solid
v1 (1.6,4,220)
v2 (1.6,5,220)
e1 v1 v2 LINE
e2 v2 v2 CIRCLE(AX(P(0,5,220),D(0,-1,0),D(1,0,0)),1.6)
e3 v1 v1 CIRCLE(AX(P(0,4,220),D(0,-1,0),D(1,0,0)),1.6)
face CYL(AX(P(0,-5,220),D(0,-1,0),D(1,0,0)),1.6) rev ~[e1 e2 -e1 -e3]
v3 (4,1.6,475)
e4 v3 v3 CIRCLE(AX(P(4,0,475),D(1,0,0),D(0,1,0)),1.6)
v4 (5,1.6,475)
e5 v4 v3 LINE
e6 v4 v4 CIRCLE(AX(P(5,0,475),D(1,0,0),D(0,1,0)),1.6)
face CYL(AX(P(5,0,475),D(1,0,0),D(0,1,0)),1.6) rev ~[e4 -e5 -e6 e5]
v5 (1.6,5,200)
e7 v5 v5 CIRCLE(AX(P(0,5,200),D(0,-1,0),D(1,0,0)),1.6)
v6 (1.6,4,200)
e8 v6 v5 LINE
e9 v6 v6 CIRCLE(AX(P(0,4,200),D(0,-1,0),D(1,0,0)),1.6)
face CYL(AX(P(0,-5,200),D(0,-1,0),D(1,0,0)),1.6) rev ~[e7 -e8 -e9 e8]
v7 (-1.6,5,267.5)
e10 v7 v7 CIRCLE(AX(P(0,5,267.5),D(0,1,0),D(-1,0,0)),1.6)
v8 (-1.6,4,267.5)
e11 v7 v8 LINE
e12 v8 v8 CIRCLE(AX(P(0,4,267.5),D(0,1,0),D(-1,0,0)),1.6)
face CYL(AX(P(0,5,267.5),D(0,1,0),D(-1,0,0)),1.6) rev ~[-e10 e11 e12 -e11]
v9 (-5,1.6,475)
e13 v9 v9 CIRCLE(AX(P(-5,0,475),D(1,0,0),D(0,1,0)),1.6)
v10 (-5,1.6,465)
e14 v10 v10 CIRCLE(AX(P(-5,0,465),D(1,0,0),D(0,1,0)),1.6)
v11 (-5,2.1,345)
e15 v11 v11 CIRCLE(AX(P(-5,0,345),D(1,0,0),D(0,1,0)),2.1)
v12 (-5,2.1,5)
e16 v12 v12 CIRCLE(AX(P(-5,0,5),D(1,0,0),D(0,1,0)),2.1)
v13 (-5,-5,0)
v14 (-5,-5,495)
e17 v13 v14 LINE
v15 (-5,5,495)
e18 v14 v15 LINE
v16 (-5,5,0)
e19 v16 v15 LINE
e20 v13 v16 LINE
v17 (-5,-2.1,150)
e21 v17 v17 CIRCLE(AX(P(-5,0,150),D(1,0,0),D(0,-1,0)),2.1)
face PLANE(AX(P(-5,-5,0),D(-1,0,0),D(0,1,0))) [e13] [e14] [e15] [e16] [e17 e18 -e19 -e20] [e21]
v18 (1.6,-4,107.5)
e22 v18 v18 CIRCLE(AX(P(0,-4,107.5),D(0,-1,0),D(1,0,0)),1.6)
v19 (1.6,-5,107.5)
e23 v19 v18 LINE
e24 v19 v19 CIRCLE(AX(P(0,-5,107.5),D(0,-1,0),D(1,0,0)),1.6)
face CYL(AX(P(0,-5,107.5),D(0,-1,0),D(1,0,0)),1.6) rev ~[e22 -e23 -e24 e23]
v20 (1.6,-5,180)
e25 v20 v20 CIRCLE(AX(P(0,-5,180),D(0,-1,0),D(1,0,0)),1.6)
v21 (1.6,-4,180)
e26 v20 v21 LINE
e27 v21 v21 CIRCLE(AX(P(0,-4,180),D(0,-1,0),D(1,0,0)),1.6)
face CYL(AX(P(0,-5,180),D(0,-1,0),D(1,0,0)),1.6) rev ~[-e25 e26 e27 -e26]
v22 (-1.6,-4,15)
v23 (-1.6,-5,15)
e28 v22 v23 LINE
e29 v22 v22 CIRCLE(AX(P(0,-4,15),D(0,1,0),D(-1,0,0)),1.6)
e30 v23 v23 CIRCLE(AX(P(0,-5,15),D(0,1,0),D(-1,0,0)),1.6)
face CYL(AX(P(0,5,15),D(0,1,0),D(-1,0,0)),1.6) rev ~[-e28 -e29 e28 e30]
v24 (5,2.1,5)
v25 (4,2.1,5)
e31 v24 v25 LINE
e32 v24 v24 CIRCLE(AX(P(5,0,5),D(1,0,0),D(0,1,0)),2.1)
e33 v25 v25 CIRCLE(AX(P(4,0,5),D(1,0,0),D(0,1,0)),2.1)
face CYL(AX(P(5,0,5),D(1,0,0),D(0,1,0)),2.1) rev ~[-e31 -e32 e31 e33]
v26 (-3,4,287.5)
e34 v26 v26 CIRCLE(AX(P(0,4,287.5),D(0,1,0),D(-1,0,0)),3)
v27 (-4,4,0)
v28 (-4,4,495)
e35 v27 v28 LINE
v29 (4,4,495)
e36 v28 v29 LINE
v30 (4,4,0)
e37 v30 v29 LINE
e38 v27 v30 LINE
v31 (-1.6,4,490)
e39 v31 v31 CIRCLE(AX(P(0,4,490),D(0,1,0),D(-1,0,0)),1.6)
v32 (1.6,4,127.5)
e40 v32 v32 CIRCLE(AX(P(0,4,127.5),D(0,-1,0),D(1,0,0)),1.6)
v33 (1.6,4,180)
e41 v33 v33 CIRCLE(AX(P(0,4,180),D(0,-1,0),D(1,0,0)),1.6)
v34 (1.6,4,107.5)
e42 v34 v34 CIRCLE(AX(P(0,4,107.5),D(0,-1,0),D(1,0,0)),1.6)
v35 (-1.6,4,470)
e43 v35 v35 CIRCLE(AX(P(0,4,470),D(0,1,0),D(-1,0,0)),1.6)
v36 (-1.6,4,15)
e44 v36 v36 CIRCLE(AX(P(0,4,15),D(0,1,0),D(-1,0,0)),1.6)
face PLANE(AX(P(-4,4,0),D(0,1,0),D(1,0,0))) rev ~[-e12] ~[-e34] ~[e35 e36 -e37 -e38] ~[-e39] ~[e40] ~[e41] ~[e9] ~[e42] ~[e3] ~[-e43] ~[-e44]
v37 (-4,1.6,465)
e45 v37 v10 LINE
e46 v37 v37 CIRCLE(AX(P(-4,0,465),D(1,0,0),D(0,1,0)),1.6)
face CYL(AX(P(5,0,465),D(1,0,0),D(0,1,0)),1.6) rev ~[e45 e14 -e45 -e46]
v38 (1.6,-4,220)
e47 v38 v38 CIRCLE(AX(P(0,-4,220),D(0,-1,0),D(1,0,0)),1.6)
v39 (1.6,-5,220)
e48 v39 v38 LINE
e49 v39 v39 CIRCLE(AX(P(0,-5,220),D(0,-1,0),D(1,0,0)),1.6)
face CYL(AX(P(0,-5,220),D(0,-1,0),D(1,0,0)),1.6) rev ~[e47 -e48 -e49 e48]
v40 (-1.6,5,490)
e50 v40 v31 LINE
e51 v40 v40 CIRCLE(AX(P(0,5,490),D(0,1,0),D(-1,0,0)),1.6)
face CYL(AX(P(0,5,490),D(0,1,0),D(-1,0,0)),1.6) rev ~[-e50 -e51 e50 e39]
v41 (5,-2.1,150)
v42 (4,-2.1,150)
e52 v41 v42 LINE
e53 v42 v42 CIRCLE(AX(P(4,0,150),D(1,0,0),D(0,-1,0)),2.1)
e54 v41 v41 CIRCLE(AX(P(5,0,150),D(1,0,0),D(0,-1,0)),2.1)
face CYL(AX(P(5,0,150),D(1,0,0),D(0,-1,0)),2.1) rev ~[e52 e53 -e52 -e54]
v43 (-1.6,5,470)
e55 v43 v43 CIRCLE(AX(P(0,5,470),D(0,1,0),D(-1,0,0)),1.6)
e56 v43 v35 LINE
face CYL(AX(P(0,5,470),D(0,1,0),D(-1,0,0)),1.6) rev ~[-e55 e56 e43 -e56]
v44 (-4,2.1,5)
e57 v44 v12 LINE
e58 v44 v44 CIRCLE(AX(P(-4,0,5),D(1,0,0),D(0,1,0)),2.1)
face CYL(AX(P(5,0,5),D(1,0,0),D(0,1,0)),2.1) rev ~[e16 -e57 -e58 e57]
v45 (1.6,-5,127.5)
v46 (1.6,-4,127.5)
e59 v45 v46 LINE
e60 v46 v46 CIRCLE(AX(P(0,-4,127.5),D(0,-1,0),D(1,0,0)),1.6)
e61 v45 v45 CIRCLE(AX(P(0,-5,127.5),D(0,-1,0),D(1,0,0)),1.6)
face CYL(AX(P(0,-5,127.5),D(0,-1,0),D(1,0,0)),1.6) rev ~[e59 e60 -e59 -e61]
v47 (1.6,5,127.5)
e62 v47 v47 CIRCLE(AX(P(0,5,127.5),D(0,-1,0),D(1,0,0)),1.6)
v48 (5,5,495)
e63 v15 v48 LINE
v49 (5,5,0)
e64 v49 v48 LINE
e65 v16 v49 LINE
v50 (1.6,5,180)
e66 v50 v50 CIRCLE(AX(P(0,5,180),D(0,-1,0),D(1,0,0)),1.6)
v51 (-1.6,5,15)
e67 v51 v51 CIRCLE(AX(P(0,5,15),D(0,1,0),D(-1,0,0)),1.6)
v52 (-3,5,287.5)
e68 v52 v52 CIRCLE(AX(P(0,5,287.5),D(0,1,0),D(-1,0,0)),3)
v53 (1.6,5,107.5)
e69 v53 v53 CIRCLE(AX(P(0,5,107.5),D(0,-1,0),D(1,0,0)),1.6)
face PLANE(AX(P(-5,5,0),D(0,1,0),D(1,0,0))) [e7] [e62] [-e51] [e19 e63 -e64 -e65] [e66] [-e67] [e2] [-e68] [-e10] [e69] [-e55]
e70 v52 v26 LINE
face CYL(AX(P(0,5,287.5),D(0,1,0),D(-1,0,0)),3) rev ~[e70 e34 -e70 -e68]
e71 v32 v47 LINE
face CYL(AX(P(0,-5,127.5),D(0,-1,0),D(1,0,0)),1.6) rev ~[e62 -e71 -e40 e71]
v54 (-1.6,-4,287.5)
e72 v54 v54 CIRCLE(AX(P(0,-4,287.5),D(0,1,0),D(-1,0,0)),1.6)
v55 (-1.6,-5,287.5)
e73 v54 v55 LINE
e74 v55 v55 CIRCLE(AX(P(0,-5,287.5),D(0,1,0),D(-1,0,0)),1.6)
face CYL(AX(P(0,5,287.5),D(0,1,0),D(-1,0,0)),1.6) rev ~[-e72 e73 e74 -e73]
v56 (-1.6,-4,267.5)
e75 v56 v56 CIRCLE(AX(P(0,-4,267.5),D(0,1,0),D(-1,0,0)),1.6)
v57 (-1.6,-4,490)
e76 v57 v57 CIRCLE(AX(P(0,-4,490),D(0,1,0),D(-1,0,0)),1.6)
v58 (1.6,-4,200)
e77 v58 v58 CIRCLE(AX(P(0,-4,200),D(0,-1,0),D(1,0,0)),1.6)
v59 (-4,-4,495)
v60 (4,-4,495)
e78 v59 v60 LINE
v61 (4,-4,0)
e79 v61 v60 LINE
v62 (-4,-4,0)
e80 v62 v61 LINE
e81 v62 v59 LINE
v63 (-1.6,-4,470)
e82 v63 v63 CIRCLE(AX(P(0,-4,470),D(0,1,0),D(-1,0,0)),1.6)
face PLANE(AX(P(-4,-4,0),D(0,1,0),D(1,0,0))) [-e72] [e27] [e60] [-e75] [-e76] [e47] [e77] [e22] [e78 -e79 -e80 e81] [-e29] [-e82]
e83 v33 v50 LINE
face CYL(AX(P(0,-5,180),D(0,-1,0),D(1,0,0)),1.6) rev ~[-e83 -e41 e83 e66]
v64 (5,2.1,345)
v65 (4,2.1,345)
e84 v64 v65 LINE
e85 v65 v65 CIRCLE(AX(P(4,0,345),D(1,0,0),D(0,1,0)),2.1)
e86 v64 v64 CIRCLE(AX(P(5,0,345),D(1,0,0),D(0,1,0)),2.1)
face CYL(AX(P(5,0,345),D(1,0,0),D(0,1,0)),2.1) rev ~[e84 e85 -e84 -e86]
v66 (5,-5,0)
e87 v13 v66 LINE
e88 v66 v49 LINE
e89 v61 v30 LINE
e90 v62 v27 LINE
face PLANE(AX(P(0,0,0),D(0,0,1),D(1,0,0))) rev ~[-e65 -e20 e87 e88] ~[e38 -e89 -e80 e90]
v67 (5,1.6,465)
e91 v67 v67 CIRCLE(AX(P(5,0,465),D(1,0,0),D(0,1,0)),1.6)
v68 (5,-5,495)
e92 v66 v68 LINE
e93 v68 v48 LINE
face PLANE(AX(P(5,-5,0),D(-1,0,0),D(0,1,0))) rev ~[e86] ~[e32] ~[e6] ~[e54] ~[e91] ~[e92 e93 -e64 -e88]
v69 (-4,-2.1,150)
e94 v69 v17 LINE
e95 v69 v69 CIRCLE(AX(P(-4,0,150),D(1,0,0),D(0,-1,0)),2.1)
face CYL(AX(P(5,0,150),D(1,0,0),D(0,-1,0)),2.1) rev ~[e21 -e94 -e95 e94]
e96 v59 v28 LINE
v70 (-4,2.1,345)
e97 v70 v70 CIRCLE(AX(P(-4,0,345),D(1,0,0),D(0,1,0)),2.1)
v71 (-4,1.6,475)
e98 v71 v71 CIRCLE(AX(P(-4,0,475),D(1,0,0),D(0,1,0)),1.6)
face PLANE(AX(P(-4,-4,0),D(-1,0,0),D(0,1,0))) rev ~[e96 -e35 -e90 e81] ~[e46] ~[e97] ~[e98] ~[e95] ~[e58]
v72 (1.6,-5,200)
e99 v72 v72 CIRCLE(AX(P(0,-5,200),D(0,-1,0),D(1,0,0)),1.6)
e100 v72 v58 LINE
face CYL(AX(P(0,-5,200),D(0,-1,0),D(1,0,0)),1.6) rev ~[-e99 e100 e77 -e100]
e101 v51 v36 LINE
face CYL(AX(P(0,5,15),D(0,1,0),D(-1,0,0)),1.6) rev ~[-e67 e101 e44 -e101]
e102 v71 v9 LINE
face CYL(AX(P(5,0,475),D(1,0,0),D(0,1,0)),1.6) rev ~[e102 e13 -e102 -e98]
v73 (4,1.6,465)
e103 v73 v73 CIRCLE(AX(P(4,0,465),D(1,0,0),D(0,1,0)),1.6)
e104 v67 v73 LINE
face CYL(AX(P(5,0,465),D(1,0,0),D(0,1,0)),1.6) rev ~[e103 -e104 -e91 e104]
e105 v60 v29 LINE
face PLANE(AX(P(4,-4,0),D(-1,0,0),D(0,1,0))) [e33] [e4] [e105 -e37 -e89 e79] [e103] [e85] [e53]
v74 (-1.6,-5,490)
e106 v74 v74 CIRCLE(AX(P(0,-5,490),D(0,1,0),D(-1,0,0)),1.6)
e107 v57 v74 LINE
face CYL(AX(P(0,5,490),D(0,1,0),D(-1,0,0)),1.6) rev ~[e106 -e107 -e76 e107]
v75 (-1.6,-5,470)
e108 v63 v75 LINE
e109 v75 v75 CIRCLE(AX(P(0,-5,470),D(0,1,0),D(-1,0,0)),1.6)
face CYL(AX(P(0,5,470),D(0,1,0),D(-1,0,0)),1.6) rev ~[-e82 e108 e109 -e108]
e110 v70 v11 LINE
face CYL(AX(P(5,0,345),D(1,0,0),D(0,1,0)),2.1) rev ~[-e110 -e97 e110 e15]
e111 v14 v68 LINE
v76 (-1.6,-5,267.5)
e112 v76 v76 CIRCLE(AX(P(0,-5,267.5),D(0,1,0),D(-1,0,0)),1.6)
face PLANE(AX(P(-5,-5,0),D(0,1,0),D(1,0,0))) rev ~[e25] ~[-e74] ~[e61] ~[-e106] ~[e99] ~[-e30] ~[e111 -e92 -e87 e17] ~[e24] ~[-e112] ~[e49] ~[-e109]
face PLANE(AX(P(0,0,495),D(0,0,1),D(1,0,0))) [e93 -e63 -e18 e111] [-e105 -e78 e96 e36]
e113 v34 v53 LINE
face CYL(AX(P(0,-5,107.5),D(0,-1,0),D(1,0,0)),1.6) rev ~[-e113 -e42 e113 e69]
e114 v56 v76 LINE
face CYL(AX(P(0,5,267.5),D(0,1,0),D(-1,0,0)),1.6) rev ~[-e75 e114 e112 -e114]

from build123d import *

# Parameters (mm, degrees)
SKETCH_1_W          = 10
SKETCH_1_H          = 10
SKETCH_1_W_2        = 8
SKETCH_1_H_2        = 8
EXTRUDE_1_DEPTH     = 495
SKETCH_3_R          = 2.1
CUT_EXTRUDE_2_DEPTH = 496.126246527
SKETCH_2_R          = 1.6
CUT_EXTRUDE_1_DEPTH = 496.126246527
SKETCH_7_R          = 1.6
CUT_EXTRUDE_4_DEPTH = 496.126246527
SKETCH_9_R          = 2.1
CUT_EXTRUDE_6_DEPTH = 496.126246527
CUT_EXTRUDE_7_REACH = 497.126
SKETCH_10_R         = 3
SKETCH_11_R         = 1.6
CUT_EXTRUDE_8_DEPTH = 496.126246527
SKETCH_12_R         = 1.6
CUT_EXTRUDE_9_DEPTH = 496.126246527


with BuildPart() as part:
    # ｽｹｯﾁ1 → 押し出し-薄板1 (new body)
    with BuildSketch(Plane.XY):
        Rectangle(SKETCH_1_W, SKETCH_1_H)
        Rectangle(SKETCH_1_W_2, SKETCH_1_H_2, mode=Mode.SUBTRACT)
    extrude(amount=EXTRUDE_1_DEPTH)

    # ｽｹｯﾁ3 → ｶｯﾄ - 押し出し2 (cut, through all)
    with BuildSketch(Plane(origin=(5, 0, 0), x_dir=(0, 0, -1), z_dir=(1, 0, 0))):
        with Locations(Location((-5, 0, 0), (0, 0, 90))):
            Circle(SKETCH_3_R)
    extrude(amount=-CUT_EXTRUDE_2_DEPTH, mode=Mode.SUBTRACT)

    # ｽｹｯﾁ2 → ｶｯﾄ - 押し出し1 (cut, through all)
    with BuildSketch(Plane(origin=(0, 5, 0), x_dir=(1, 0, 0), z_dir=(0, 1, 0))):
        with Locations(Location((0, -15, 0), (0, 0, 180))):
            Circle(SKETCH_2_R)
        with Locations(Location((0, -470, 0), (0, 0, 180))):
            Circle(SKETCH_2_R)
        with Locations(Location((0, -490, 0), (0, 0, 180))):
            Circle(SKETCH_2_R)
        with Locations(Location((0, -267.5, 0), (0, 0, 180))):
            Circle(SKETCH_2_R)
        with Locations(Location((0, -287.5, 0), (0, 0, 180))):
            Circle(SKETCH_2_R)
    extrude(amount=-CUT_EXTRUDE_1_DEPTH, mode=Mode.SUBTRACT)

    # ｽｹｯﾁ7 → ｶｯﾄ - 押し出し4 (cut, through all)
    with BuildSketch(Plane(origin=(5, 0, 0), x_dir=(0, 0, -1), z_dir=(1, 0, 0))):
        with Locations(Location((-475, 0, 0), (0, 0, 90))):
            Circle(SKETCH_7_R)
        with Locations(Location((-465, 0, 0), (0, 0, 90))):
            Circle(SKETCH_7_R)
    extrude(amount=-CUT_EXTRUDE_4_DEPTH, mode=Mode.SUBTRACT)

    # ｽｹｯﾁ9 → ｶｯﾄ - 押し出し6 (cut, through all)
    with BuildSketch(Plane(origin=(5, 0, 0), x_dir=(0, 0, -1), z_dir=(1, 0, 0))):
        with Locations(Location((-345, 0, 0), (0, 0, 90))):
            Circle(SKETCH_9_R)
        with Locations(Location((-150, 0, 0), (0, 0, 270))):
            Circle(SKETCH_9_R)
    extrude(amount=-CUT_EXTRUDE_6_DEPTH, mode=Mode.SUBTRACT)

    # ｽｹｯﾁ10 → ｶｯﾄ - 押し出し7 (cut, up to next)
    with BuildSketch(Plane(origin=(0, 5, 0), x_dir=(1, 0, 0), z_dir=(0, 1, 0)), mode=Mode.PRIVATE) as cut_extrude_7_sk1:
        with Locations(Location((0, -287.5, 0), (0, 0, 180))):
            Circle(SKETCH_10_R)
    cut_extrude_7_tool1 = extrude(cut_extrude_7_sk1.sketch, amount=-CUT_EXTRUDE_7_REACH, mode=Mode.PRIVATE) & part.part
    add(cut_extrude_7_tool1.solids().sort_by_distance((0, 5, 287.5))[0], mode=Mode.SUBTRACT)

    # ｽｹｯﾁ11 → ｶｯﾄ - 押し出し8 (cut, through all)
    with BuildSketch(Plane.XZ.offset(5)):
        with Locations((0, 180)):
            Circle(SKETCH_11_R)
        with Locations((0, 200)):
            Circle(SKETCH_11_R)
        with Locations((0, 220)):
            Circle(SKETCH_11_R)
    extrude(amount=-CUT_EXTRUDE_8_DEPTH, mode=Mode.SUBTRACT)

    # ｽｹｯﾁ12 → ｶｯﾄ - 押し出し9 (cut, through all)
    with BuildSketch(Plane.XZ.offset(5)):
        with Locations((0, 127.5)):
            Circle(SKETCH_12_R)
        with Locations((0, 107.5)):
            Circle(SKETCH_12_R)
    extrude(amount=-CUT_EXTRUDE_9_DEPTH, mode=Mode.SUBTRACT)


solid = part.part
